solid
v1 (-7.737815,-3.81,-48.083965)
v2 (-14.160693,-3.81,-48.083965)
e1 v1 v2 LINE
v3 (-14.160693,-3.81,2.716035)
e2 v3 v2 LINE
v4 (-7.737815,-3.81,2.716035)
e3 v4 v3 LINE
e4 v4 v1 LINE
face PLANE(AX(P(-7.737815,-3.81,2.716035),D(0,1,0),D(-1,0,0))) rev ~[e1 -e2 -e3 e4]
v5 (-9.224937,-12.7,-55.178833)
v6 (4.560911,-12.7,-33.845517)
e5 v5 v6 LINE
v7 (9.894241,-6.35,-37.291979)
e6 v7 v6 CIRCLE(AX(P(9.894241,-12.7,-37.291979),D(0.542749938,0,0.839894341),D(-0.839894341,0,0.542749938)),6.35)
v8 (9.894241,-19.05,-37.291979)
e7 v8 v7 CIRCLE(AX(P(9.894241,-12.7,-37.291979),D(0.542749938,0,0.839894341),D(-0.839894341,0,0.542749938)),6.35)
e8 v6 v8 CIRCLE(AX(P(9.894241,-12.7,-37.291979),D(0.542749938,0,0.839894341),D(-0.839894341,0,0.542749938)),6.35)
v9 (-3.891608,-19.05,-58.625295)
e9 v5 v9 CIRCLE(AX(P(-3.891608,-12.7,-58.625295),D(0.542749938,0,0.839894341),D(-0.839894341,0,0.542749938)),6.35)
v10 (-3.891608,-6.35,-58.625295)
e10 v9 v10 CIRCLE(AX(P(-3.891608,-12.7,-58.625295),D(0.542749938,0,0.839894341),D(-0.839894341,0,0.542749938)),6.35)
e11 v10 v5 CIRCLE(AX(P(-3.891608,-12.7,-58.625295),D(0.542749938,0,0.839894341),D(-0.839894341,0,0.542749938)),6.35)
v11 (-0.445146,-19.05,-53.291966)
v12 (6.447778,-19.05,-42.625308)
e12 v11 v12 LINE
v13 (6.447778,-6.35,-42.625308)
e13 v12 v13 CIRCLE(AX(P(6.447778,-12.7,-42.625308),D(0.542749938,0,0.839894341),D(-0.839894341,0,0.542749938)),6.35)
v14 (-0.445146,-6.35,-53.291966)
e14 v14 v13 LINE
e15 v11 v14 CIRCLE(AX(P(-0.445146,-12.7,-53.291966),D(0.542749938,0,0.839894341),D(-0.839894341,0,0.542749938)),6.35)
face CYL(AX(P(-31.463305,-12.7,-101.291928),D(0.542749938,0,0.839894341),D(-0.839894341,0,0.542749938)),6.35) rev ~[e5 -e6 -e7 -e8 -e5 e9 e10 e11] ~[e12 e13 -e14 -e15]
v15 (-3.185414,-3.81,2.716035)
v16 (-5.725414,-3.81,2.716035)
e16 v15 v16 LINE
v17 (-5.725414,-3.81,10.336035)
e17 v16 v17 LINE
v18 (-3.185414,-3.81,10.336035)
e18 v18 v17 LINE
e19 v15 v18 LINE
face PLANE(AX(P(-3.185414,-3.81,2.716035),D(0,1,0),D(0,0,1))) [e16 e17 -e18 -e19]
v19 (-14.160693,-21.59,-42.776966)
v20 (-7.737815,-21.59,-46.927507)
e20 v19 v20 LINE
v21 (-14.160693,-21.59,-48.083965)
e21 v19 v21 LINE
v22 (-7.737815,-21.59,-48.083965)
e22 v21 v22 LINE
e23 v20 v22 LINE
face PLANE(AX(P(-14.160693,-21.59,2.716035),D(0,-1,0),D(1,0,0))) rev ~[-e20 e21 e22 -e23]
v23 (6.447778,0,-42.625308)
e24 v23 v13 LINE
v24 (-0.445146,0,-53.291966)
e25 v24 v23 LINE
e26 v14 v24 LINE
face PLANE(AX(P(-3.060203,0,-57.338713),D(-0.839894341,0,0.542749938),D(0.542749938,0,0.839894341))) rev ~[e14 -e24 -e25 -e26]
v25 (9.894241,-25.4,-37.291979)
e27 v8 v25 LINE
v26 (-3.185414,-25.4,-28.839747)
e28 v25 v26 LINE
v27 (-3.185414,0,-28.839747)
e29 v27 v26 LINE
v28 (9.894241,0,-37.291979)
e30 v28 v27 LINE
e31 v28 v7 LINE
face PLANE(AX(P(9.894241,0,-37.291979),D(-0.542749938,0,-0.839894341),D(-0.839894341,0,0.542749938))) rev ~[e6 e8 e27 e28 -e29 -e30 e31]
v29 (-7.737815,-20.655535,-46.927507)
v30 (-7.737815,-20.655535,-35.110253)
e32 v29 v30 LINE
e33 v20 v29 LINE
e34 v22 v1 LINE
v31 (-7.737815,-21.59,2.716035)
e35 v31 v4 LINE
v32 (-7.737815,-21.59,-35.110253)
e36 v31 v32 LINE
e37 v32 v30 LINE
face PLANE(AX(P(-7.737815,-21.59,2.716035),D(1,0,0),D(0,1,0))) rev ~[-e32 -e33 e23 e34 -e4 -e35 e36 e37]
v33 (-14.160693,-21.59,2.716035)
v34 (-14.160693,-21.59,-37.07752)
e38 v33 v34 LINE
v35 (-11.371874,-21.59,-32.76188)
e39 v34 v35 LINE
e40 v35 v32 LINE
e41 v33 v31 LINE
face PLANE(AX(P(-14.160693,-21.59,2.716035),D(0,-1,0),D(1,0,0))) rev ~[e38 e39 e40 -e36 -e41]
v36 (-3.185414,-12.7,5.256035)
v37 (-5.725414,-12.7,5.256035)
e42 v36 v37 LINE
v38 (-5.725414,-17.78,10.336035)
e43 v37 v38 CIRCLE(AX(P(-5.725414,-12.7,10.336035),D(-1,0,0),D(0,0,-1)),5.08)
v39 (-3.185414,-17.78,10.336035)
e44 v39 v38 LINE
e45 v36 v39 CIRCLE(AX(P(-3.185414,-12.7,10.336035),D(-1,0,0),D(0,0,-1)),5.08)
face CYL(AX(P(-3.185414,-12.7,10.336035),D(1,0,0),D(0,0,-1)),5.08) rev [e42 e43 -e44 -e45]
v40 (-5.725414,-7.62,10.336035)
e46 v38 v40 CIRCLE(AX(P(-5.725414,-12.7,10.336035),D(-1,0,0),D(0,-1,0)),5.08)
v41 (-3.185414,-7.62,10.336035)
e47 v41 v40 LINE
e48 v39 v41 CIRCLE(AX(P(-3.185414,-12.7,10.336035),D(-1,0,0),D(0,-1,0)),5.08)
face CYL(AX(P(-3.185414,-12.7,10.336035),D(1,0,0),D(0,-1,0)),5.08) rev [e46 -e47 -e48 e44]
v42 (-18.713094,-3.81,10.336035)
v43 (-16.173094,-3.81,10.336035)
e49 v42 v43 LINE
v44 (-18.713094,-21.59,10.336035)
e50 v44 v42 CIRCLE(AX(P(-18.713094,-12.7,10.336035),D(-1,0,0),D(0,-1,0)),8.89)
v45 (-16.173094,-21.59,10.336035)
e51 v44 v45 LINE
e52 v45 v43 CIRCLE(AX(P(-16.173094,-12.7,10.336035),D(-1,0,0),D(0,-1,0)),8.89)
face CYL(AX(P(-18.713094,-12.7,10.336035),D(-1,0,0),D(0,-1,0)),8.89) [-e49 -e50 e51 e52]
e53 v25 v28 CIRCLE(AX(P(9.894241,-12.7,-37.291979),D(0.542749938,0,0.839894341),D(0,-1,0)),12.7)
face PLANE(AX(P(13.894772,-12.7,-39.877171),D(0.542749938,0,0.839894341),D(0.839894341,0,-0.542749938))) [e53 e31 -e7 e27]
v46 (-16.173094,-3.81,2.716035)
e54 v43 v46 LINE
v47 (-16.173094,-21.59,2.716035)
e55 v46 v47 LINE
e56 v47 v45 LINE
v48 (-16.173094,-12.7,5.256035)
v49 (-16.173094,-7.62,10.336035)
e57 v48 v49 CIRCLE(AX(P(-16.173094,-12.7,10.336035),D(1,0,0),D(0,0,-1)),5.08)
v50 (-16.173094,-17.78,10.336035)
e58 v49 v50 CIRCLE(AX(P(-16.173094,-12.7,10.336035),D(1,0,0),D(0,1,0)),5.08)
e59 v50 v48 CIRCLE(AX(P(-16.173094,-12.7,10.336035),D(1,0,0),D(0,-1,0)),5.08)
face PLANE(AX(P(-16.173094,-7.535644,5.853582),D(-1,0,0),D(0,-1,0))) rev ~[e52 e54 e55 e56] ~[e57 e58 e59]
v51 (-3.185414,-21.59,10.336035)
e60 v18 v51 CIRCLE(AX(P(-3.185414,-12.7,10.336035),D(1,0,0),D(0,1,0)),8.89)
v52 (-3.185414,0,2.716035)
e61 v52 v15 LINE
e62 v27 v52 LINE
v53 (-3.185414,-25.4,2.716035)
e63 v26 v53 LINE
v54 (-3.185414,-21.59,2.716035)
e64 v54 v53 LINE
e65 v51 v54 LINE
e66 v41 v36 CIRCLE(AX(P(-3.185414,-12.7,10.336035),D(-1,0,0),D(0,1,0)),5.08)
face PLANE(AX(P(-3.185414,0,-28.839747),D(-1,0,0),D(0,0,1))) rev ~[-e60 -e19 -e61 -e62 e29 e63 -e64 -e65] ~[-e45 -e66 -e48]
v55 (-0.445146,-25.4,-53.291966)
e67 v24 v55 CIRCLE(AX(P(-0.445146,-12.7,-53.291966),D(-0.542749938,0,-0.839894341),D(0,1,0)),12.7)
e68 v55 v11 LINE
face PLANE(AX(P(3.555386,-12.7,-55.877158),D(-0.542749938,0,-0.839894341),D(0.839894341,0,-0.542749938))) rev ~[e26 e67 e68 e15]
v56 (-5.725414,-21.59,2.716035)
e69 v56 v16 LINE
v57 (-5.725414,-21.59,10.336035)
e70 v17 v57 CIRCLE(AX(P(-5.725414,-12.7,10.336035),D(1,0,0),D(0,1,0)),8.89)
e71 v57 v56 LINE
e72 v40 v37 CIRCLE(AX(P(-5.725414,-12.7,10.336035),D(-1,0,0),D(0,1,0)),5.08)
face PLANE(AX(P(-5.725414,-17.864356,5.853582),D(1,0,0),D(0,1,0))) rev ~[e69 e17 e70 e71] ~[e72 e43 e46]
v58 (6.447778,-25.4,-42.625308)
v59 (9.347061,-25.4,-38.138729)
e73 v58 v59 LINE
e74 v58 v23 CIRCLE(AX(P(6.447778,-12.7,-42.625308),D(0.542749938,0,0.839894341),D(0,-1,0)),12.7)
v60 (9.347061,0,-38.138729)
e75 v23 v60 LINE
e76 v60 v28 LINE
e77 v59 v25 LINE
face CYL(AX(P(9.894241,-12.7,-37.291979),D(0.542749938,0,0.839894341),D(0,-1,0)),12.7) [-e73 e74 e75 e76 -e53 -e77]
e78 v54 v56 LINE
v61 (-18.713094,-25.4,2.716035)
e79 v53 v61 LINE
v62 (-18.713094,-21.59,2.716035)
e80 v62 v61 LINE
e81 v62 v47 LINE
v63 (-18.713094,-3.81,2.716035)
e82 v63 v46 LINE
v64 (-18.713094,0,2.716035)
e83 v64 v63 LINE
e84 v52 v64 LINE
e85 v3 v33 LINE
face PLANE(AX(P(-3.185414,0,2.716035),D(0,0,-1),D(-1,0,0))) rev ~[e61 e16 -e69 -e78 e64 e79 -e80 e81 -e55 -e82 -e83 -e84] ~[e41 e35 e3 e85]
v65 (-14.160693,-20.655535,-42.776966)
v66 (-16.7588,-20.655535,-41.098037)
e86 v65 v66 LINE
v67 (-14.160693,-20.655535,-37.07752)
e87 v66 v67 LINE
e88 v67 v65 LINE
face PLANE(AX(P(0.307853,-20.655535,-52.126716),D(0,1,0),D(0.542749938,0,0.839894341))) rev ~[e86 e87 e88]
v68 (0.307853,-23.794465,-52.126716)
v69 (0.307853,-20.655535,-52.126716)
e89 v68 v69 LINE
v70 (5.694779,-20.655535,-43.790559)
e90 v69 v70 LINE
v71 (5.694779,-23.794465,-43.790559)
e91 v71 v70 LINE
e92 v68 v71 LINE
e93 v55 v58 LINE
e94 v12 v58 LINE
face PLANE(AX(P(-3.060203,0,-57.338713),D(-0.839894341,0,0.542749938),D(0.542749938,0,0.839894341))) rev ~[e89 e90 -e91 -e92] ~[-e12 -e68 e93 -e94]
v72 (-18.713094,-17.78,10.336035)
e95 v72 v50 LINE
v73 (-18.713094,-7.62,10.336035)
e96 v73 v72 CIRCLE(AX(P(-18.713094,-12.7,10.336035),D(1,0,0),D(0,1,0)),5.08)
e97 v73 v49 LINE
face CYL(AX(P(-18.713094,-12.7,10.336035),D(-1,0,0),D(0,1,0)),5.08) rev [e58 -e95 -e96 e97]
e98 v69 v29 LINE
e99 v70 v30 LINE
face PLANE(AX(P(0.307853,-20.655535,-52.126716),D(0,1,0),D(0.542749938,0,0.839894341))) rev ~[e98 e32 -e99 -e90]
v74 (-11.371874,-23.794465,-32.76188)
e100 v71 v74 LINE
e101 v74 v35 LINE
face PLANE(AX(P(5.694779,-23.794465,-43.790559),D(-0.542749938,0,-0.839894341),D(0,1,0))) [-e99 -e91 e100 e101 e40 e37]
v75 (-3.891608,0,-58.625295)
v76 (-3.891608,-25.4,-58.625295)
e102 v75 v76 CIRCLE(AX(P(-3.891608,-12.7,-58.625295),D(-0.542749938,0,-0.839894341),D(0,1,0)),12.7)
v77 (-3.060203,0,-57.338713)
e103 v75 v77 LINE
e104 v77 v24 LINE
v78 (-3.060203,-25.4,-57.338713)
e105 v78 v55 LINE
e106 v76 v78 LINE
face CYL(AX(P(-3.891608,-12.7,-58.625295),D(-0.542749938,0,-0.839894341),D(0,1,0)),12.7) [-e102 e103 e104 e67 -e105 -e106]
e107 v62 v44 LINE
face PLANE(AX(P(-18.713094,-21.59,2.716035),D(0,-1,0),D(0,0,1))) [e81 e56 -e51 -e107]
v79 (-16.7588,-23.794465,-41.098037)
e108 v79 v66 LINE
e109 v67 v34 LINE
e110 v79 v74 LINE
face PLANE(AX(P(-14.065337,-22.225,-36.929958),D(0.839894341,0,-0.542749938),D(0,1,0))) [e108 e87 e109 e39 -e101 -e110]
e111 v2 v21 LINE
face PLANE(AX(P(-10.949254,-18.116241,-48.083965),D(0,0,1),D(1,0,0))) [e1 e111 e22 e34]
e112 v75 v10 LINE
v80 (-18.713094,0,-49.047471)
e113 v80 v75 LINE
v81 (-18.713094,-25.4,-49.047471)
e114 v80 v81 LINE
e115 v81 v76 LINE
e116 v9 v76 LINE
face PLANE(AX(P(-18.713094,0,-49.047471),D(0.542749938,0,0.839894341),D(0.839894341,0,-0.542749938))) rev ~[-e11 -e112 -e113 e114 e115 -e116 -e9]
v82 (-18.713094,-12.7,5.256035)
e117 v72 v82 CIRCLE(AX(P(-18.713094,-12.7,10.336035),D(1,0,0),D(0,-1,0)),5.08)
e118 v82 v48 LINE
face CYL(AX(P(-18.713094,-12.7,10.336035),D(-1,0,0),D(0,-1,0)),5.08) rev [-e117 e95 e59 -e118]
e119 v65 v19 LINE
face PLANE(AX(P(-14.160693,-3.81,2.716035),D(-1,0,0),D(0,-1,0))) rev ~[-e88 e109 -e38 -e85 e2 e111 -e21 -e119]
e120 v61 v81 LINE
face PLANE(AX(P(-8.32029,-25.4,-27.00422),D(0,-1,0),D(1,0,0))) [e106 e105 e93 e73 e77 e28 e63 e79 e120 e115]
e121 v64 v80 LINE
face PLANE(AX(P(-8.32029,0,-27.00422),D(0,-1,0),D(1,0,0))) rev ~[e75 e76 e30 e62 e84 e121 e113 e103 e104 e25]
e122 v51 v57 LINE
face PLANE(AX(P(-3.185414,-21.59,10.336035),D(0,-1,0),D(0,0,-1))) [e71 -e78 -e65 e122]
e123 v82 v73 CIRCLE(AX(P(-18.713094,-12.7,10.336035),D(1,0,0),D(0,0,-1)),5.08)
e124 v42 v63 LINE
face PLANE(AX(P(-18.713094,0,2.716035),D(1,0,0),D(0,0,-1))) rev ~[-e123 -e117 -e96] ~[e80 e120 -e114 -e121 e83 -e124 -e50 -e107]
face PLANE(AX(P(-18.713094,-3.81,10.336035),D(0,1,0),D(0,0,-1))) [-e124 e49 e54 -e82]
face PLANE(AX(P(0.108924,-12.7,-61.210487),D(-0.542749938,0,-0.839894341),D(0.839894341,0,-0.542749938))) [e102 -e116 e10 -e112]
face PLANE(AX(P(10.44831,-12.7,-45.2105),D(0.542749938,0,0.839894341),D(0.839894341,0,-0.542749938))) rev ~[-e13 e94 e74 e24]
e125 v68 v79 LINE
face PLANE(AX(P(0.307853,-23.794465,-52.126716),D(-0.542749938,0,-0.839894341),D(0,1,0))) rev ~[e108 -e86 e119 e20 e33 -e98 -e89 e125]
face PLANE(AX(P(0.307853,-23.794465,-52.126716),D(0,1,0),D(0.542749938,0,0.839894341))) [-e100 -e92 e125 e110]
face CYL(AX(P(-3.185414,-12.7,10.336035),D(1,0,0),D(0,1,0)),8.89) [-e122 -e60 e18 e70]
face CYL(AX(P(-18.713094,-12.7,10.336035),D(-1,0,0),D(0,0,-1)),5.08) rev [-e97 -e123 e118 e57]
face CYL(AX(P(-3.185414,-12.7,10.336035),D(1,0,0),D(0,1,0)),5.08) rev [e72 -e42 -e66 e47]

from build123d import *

# Parameters (mm, degrees)
F1_DEPTH  = 25.4
F3_DEPTH  = 2.54
F5_DEPTH  = 2.54
F8_DEPTH  = 6.35
F9_DEPTH  = 6.35
F10_D     = 12.7
F10_DEPTH = 50.8
F10_TIP   = 3.8154649308
F13_DEPTH = 50.8
F11_W     = 3.138929677
F11_H     = 9.9252452589
F14_DEPTH = 20.32


with BuildPart() as f1:
    # F0 (on Front) → F1 (new body)
    with BuildSketch(Plane.XZ):
        Polygon((9.3470606522, -38.1387286557), (9.8942405438, -37.2919790531), (-3.1854136077, -28.8397474625), (-3.1854136077, 2.7160348484), (-18.7130940077, 2.7160348484), (-18.7130940077, -49.0474707287), (-3.8916078894, -58.6252953208), (-3.0602029376, -57.3387132966), align=None)
    extrude(amount=F1_DEPTH)

    # F2 (on face) → F3 (join)
    with BuildSketch(Plane.YZ.offset(-3.1854136077)):
        with BuildLine():
            Line((-21.59, 2.7160348484), (-12.7, 2.7160348484))
            Line((-12.7, 2.7160348484), (-12.7, 5.2560348484))
            ThreePointArc((-12.7, 5.2560348484), (-16.2921024484, 6.7439323999), (-17.78, 10.3360348484))
            Line((-17.78, 10.3360348484), (-21.59, 10.3360348484))
            Line((-21.59, 10.3360348484), (-21.59, 2.7160348484))
        make_face()
        with BuildLine():
            Line((-12.7, 5.2560348484), (-12.7, 2.7160348484))
            Line((-12.7, 2.7160348484), (-3.81, 2.7160348484))
            Line((-3.81, 2.7160348484), (-3.81, 10.3360348484))
            Line((-3.81, 10.3360348484), (-7.62, 10.3360348484))
            ThreePointArc((-7.62, 10.3360348484), (-9.1078975516, 6.7439323999), (-12.7, 5.2560348484))
        make_face()
        with BuildLine():
            Line((-21.59, 10.3360348484), (-17.78, 10.3360348484))
            ThreePointArc((-17.78, 10.3360348484), (-12.7, 15.4160348484), (-7.62, 10.3360348484))
            Line((-7.62, 10.3360348484), (-3.81, 10.3360348484))
            ThreePointArc((-3.81, 10.3360348484), (-12.7, 19.2260348484), (-21.59, 10.3360348484))
        make_face()
    extrude(amount=-F3_DEPTH)

    # F4 (on face) → F5 (join)
    with BuildSketch(Plane(origin=(-18.7130940077, 0, 0), x_dir=(0, -1, 0), z_dir=(-1, 0, 0))):
        with BuildLine():
            Line((3.81, 2.7160348484), (12.7, 2.7160348484))
            Line((12.7, 2.7160348484), (12.7, 5.2560348484))
            ThreePointArc((12.7, 5.2560348484), (9.1078975516, 6.7439323999), (7.62, 10.3360348484))
            Line((7.62, 10.3360348484), (3.81, 10.3360348484))
            Line((3.81, 10.3360348484), (3.81, 2.7160348484))
        make_face()
        with BuildLine():
            Line((12.7, 5.2560348484), (12.7, 2.7160348484))
            Line((12.7, 2.7160348484), (21.59, 2.7160348484))
            Line((21.59, 2.7160348484), (21.59, 10.3360348484))
            Line((21.59, 10.3360348484), (17.78, 10.3360348484))
            ThreePointArc((17.78, 10.3360348484), (16.2921024484, 6.7439323999), (12.7, 5.2560348484))
        make_face()
        with BuildLine():
            ThreePointArc((7.62, 10.3360348484), (12.7, 15.4160348484), (17.78, 10.3360348484))
            Line((17.78, 10.3360348484), (21.59, 10.3360348484))
            ThreePointArc((21.59, 10.3360348484), (12.7, 19.2260348484), (3.81, 10.3360348484))
            Line((3.81, 10.3360348484), (7.62, 10.3360348484))
        make_face()
    extrude(amount=-F5_DEPTH)

    # F7 (on face) → F8 (join)
    with BuildSketch(Plane(origin=(-14.0850250818, 0, -21.7962859642), x_dir=(0.8398943412, 0, -0.5427499383), z_dir=(0.5427499383, 0, 0.8398943412))):
        with BuildLine():
            Line((28.5503359742, -17.78), (28.5503359742, -25.4))
            ThreePointArc((28.5503359742, -25.4), (41.2503359742, -12.7), (28.5503359742, 0))
            Line((28.5503359742, 0), (28.5503359742, -7.62))
            ThreePointArc((28.5503359742, -7.62), (32.1424384227, -9.1078975516), (33.6303359742, -12.7))
            ThreePointArc((33.6303359742, -12.7), (32.1424384227, -16.2921024484), (28.5503359742, -17.78))
        make_face()
    extrude(amount=-F8_DEPTH)

    # F6 (on face) → F9 (join)
    with BuildSketch(Plane(origin=(-27.8708735149, 0, -43.129602232), x_dir=(0.8398943412, 0, -0.5427499383), z_dir=(-0.5427499383, 0, -0.8398943412))):
        with BuildLine():
            Line((28.5503359742, 7.62), (28.5503359742, 0))
            ThreePointArc((28.5503359742, 0), (41.2503359742, 12.7), (28.5503359742, 25.4))
            Line((28.5503359742, 25.4), (28.5503359742, 17.78))
            ThreePointArc((28.5503359742, 17.78), (32.1424384227, 16.2921024484), (33.6303359742, 12.7))
            ThreePointArc((33.6303359742, 12.7), (32.1424384227, 9.1078975516), (28.5503359742, 7.62))
        make_face()
    extrude(amount=-F9_DEPTH)

    # F10
    with Locations(Plane(origin=(-27.8708735149, 0, -43.129602232), x_dir=(0.8398943412, 0, -0.5427499383), z_dir=(-0.5427499383, 0, -0.8398943412))):
        with Locations((28.5503359742, 12.7)):
            Hole(F10_D / 2, depth=F10_DEPTH)
            with Locations((0, 0, -(F10_DEPTH + F10_TIP / 2))):  # 118° drill point
                Cone(0, F10_D / 2, F10_TIP, mode=Mode.SUBTRACT)

    # F12 (on face) → F13 (cut)
    with BuildSketch(Plane.XY.offset(2.7160348484)):
        Polygon((-7.7378149144, -17.953234597), (-10.9492538077, -12.7), (-14.1606927009, -17.953234597), (-14.1606927009, -21.59), (-7.7378149144, -21.59), align=None)
        Polygon((-10.9492538077, -12.7), (-14.1606927009, -7.446765403), (-14.1606927009, -17.953234597), align=None)
        Polygon((-7.7378149144, -7.446765403), (-10.9492538077, -12.7), (-7.7378149144, -17.953234597), align=None)
        Polygon((-14.1606927009, -3.81), (-14.1606927009, -7.446765403), (-10.9492538077, -12.7), (-7.7378149144, -7.446765403), (-7.7378149144, -3.81), align=None)
    extrude(amount=-F13_DEPTH, mode=Mode.SUBTRACT)

    # F11 (on face) → F14 (cut)
    with BuildSketch(Plane(origin=(23.9792656255, 0, -15.4956930888), x_dir=(0, 1, 0), z_dir=(0.8398943412, 0, -0.5427499383))):
        with Locations((-22.225, -38.6512237359)):
            Rectangle(F11_W, F11_H)
    extrude(amount=-F14_DEPTH, mode=Mode.SUBTRACT)


solid = f1.part
